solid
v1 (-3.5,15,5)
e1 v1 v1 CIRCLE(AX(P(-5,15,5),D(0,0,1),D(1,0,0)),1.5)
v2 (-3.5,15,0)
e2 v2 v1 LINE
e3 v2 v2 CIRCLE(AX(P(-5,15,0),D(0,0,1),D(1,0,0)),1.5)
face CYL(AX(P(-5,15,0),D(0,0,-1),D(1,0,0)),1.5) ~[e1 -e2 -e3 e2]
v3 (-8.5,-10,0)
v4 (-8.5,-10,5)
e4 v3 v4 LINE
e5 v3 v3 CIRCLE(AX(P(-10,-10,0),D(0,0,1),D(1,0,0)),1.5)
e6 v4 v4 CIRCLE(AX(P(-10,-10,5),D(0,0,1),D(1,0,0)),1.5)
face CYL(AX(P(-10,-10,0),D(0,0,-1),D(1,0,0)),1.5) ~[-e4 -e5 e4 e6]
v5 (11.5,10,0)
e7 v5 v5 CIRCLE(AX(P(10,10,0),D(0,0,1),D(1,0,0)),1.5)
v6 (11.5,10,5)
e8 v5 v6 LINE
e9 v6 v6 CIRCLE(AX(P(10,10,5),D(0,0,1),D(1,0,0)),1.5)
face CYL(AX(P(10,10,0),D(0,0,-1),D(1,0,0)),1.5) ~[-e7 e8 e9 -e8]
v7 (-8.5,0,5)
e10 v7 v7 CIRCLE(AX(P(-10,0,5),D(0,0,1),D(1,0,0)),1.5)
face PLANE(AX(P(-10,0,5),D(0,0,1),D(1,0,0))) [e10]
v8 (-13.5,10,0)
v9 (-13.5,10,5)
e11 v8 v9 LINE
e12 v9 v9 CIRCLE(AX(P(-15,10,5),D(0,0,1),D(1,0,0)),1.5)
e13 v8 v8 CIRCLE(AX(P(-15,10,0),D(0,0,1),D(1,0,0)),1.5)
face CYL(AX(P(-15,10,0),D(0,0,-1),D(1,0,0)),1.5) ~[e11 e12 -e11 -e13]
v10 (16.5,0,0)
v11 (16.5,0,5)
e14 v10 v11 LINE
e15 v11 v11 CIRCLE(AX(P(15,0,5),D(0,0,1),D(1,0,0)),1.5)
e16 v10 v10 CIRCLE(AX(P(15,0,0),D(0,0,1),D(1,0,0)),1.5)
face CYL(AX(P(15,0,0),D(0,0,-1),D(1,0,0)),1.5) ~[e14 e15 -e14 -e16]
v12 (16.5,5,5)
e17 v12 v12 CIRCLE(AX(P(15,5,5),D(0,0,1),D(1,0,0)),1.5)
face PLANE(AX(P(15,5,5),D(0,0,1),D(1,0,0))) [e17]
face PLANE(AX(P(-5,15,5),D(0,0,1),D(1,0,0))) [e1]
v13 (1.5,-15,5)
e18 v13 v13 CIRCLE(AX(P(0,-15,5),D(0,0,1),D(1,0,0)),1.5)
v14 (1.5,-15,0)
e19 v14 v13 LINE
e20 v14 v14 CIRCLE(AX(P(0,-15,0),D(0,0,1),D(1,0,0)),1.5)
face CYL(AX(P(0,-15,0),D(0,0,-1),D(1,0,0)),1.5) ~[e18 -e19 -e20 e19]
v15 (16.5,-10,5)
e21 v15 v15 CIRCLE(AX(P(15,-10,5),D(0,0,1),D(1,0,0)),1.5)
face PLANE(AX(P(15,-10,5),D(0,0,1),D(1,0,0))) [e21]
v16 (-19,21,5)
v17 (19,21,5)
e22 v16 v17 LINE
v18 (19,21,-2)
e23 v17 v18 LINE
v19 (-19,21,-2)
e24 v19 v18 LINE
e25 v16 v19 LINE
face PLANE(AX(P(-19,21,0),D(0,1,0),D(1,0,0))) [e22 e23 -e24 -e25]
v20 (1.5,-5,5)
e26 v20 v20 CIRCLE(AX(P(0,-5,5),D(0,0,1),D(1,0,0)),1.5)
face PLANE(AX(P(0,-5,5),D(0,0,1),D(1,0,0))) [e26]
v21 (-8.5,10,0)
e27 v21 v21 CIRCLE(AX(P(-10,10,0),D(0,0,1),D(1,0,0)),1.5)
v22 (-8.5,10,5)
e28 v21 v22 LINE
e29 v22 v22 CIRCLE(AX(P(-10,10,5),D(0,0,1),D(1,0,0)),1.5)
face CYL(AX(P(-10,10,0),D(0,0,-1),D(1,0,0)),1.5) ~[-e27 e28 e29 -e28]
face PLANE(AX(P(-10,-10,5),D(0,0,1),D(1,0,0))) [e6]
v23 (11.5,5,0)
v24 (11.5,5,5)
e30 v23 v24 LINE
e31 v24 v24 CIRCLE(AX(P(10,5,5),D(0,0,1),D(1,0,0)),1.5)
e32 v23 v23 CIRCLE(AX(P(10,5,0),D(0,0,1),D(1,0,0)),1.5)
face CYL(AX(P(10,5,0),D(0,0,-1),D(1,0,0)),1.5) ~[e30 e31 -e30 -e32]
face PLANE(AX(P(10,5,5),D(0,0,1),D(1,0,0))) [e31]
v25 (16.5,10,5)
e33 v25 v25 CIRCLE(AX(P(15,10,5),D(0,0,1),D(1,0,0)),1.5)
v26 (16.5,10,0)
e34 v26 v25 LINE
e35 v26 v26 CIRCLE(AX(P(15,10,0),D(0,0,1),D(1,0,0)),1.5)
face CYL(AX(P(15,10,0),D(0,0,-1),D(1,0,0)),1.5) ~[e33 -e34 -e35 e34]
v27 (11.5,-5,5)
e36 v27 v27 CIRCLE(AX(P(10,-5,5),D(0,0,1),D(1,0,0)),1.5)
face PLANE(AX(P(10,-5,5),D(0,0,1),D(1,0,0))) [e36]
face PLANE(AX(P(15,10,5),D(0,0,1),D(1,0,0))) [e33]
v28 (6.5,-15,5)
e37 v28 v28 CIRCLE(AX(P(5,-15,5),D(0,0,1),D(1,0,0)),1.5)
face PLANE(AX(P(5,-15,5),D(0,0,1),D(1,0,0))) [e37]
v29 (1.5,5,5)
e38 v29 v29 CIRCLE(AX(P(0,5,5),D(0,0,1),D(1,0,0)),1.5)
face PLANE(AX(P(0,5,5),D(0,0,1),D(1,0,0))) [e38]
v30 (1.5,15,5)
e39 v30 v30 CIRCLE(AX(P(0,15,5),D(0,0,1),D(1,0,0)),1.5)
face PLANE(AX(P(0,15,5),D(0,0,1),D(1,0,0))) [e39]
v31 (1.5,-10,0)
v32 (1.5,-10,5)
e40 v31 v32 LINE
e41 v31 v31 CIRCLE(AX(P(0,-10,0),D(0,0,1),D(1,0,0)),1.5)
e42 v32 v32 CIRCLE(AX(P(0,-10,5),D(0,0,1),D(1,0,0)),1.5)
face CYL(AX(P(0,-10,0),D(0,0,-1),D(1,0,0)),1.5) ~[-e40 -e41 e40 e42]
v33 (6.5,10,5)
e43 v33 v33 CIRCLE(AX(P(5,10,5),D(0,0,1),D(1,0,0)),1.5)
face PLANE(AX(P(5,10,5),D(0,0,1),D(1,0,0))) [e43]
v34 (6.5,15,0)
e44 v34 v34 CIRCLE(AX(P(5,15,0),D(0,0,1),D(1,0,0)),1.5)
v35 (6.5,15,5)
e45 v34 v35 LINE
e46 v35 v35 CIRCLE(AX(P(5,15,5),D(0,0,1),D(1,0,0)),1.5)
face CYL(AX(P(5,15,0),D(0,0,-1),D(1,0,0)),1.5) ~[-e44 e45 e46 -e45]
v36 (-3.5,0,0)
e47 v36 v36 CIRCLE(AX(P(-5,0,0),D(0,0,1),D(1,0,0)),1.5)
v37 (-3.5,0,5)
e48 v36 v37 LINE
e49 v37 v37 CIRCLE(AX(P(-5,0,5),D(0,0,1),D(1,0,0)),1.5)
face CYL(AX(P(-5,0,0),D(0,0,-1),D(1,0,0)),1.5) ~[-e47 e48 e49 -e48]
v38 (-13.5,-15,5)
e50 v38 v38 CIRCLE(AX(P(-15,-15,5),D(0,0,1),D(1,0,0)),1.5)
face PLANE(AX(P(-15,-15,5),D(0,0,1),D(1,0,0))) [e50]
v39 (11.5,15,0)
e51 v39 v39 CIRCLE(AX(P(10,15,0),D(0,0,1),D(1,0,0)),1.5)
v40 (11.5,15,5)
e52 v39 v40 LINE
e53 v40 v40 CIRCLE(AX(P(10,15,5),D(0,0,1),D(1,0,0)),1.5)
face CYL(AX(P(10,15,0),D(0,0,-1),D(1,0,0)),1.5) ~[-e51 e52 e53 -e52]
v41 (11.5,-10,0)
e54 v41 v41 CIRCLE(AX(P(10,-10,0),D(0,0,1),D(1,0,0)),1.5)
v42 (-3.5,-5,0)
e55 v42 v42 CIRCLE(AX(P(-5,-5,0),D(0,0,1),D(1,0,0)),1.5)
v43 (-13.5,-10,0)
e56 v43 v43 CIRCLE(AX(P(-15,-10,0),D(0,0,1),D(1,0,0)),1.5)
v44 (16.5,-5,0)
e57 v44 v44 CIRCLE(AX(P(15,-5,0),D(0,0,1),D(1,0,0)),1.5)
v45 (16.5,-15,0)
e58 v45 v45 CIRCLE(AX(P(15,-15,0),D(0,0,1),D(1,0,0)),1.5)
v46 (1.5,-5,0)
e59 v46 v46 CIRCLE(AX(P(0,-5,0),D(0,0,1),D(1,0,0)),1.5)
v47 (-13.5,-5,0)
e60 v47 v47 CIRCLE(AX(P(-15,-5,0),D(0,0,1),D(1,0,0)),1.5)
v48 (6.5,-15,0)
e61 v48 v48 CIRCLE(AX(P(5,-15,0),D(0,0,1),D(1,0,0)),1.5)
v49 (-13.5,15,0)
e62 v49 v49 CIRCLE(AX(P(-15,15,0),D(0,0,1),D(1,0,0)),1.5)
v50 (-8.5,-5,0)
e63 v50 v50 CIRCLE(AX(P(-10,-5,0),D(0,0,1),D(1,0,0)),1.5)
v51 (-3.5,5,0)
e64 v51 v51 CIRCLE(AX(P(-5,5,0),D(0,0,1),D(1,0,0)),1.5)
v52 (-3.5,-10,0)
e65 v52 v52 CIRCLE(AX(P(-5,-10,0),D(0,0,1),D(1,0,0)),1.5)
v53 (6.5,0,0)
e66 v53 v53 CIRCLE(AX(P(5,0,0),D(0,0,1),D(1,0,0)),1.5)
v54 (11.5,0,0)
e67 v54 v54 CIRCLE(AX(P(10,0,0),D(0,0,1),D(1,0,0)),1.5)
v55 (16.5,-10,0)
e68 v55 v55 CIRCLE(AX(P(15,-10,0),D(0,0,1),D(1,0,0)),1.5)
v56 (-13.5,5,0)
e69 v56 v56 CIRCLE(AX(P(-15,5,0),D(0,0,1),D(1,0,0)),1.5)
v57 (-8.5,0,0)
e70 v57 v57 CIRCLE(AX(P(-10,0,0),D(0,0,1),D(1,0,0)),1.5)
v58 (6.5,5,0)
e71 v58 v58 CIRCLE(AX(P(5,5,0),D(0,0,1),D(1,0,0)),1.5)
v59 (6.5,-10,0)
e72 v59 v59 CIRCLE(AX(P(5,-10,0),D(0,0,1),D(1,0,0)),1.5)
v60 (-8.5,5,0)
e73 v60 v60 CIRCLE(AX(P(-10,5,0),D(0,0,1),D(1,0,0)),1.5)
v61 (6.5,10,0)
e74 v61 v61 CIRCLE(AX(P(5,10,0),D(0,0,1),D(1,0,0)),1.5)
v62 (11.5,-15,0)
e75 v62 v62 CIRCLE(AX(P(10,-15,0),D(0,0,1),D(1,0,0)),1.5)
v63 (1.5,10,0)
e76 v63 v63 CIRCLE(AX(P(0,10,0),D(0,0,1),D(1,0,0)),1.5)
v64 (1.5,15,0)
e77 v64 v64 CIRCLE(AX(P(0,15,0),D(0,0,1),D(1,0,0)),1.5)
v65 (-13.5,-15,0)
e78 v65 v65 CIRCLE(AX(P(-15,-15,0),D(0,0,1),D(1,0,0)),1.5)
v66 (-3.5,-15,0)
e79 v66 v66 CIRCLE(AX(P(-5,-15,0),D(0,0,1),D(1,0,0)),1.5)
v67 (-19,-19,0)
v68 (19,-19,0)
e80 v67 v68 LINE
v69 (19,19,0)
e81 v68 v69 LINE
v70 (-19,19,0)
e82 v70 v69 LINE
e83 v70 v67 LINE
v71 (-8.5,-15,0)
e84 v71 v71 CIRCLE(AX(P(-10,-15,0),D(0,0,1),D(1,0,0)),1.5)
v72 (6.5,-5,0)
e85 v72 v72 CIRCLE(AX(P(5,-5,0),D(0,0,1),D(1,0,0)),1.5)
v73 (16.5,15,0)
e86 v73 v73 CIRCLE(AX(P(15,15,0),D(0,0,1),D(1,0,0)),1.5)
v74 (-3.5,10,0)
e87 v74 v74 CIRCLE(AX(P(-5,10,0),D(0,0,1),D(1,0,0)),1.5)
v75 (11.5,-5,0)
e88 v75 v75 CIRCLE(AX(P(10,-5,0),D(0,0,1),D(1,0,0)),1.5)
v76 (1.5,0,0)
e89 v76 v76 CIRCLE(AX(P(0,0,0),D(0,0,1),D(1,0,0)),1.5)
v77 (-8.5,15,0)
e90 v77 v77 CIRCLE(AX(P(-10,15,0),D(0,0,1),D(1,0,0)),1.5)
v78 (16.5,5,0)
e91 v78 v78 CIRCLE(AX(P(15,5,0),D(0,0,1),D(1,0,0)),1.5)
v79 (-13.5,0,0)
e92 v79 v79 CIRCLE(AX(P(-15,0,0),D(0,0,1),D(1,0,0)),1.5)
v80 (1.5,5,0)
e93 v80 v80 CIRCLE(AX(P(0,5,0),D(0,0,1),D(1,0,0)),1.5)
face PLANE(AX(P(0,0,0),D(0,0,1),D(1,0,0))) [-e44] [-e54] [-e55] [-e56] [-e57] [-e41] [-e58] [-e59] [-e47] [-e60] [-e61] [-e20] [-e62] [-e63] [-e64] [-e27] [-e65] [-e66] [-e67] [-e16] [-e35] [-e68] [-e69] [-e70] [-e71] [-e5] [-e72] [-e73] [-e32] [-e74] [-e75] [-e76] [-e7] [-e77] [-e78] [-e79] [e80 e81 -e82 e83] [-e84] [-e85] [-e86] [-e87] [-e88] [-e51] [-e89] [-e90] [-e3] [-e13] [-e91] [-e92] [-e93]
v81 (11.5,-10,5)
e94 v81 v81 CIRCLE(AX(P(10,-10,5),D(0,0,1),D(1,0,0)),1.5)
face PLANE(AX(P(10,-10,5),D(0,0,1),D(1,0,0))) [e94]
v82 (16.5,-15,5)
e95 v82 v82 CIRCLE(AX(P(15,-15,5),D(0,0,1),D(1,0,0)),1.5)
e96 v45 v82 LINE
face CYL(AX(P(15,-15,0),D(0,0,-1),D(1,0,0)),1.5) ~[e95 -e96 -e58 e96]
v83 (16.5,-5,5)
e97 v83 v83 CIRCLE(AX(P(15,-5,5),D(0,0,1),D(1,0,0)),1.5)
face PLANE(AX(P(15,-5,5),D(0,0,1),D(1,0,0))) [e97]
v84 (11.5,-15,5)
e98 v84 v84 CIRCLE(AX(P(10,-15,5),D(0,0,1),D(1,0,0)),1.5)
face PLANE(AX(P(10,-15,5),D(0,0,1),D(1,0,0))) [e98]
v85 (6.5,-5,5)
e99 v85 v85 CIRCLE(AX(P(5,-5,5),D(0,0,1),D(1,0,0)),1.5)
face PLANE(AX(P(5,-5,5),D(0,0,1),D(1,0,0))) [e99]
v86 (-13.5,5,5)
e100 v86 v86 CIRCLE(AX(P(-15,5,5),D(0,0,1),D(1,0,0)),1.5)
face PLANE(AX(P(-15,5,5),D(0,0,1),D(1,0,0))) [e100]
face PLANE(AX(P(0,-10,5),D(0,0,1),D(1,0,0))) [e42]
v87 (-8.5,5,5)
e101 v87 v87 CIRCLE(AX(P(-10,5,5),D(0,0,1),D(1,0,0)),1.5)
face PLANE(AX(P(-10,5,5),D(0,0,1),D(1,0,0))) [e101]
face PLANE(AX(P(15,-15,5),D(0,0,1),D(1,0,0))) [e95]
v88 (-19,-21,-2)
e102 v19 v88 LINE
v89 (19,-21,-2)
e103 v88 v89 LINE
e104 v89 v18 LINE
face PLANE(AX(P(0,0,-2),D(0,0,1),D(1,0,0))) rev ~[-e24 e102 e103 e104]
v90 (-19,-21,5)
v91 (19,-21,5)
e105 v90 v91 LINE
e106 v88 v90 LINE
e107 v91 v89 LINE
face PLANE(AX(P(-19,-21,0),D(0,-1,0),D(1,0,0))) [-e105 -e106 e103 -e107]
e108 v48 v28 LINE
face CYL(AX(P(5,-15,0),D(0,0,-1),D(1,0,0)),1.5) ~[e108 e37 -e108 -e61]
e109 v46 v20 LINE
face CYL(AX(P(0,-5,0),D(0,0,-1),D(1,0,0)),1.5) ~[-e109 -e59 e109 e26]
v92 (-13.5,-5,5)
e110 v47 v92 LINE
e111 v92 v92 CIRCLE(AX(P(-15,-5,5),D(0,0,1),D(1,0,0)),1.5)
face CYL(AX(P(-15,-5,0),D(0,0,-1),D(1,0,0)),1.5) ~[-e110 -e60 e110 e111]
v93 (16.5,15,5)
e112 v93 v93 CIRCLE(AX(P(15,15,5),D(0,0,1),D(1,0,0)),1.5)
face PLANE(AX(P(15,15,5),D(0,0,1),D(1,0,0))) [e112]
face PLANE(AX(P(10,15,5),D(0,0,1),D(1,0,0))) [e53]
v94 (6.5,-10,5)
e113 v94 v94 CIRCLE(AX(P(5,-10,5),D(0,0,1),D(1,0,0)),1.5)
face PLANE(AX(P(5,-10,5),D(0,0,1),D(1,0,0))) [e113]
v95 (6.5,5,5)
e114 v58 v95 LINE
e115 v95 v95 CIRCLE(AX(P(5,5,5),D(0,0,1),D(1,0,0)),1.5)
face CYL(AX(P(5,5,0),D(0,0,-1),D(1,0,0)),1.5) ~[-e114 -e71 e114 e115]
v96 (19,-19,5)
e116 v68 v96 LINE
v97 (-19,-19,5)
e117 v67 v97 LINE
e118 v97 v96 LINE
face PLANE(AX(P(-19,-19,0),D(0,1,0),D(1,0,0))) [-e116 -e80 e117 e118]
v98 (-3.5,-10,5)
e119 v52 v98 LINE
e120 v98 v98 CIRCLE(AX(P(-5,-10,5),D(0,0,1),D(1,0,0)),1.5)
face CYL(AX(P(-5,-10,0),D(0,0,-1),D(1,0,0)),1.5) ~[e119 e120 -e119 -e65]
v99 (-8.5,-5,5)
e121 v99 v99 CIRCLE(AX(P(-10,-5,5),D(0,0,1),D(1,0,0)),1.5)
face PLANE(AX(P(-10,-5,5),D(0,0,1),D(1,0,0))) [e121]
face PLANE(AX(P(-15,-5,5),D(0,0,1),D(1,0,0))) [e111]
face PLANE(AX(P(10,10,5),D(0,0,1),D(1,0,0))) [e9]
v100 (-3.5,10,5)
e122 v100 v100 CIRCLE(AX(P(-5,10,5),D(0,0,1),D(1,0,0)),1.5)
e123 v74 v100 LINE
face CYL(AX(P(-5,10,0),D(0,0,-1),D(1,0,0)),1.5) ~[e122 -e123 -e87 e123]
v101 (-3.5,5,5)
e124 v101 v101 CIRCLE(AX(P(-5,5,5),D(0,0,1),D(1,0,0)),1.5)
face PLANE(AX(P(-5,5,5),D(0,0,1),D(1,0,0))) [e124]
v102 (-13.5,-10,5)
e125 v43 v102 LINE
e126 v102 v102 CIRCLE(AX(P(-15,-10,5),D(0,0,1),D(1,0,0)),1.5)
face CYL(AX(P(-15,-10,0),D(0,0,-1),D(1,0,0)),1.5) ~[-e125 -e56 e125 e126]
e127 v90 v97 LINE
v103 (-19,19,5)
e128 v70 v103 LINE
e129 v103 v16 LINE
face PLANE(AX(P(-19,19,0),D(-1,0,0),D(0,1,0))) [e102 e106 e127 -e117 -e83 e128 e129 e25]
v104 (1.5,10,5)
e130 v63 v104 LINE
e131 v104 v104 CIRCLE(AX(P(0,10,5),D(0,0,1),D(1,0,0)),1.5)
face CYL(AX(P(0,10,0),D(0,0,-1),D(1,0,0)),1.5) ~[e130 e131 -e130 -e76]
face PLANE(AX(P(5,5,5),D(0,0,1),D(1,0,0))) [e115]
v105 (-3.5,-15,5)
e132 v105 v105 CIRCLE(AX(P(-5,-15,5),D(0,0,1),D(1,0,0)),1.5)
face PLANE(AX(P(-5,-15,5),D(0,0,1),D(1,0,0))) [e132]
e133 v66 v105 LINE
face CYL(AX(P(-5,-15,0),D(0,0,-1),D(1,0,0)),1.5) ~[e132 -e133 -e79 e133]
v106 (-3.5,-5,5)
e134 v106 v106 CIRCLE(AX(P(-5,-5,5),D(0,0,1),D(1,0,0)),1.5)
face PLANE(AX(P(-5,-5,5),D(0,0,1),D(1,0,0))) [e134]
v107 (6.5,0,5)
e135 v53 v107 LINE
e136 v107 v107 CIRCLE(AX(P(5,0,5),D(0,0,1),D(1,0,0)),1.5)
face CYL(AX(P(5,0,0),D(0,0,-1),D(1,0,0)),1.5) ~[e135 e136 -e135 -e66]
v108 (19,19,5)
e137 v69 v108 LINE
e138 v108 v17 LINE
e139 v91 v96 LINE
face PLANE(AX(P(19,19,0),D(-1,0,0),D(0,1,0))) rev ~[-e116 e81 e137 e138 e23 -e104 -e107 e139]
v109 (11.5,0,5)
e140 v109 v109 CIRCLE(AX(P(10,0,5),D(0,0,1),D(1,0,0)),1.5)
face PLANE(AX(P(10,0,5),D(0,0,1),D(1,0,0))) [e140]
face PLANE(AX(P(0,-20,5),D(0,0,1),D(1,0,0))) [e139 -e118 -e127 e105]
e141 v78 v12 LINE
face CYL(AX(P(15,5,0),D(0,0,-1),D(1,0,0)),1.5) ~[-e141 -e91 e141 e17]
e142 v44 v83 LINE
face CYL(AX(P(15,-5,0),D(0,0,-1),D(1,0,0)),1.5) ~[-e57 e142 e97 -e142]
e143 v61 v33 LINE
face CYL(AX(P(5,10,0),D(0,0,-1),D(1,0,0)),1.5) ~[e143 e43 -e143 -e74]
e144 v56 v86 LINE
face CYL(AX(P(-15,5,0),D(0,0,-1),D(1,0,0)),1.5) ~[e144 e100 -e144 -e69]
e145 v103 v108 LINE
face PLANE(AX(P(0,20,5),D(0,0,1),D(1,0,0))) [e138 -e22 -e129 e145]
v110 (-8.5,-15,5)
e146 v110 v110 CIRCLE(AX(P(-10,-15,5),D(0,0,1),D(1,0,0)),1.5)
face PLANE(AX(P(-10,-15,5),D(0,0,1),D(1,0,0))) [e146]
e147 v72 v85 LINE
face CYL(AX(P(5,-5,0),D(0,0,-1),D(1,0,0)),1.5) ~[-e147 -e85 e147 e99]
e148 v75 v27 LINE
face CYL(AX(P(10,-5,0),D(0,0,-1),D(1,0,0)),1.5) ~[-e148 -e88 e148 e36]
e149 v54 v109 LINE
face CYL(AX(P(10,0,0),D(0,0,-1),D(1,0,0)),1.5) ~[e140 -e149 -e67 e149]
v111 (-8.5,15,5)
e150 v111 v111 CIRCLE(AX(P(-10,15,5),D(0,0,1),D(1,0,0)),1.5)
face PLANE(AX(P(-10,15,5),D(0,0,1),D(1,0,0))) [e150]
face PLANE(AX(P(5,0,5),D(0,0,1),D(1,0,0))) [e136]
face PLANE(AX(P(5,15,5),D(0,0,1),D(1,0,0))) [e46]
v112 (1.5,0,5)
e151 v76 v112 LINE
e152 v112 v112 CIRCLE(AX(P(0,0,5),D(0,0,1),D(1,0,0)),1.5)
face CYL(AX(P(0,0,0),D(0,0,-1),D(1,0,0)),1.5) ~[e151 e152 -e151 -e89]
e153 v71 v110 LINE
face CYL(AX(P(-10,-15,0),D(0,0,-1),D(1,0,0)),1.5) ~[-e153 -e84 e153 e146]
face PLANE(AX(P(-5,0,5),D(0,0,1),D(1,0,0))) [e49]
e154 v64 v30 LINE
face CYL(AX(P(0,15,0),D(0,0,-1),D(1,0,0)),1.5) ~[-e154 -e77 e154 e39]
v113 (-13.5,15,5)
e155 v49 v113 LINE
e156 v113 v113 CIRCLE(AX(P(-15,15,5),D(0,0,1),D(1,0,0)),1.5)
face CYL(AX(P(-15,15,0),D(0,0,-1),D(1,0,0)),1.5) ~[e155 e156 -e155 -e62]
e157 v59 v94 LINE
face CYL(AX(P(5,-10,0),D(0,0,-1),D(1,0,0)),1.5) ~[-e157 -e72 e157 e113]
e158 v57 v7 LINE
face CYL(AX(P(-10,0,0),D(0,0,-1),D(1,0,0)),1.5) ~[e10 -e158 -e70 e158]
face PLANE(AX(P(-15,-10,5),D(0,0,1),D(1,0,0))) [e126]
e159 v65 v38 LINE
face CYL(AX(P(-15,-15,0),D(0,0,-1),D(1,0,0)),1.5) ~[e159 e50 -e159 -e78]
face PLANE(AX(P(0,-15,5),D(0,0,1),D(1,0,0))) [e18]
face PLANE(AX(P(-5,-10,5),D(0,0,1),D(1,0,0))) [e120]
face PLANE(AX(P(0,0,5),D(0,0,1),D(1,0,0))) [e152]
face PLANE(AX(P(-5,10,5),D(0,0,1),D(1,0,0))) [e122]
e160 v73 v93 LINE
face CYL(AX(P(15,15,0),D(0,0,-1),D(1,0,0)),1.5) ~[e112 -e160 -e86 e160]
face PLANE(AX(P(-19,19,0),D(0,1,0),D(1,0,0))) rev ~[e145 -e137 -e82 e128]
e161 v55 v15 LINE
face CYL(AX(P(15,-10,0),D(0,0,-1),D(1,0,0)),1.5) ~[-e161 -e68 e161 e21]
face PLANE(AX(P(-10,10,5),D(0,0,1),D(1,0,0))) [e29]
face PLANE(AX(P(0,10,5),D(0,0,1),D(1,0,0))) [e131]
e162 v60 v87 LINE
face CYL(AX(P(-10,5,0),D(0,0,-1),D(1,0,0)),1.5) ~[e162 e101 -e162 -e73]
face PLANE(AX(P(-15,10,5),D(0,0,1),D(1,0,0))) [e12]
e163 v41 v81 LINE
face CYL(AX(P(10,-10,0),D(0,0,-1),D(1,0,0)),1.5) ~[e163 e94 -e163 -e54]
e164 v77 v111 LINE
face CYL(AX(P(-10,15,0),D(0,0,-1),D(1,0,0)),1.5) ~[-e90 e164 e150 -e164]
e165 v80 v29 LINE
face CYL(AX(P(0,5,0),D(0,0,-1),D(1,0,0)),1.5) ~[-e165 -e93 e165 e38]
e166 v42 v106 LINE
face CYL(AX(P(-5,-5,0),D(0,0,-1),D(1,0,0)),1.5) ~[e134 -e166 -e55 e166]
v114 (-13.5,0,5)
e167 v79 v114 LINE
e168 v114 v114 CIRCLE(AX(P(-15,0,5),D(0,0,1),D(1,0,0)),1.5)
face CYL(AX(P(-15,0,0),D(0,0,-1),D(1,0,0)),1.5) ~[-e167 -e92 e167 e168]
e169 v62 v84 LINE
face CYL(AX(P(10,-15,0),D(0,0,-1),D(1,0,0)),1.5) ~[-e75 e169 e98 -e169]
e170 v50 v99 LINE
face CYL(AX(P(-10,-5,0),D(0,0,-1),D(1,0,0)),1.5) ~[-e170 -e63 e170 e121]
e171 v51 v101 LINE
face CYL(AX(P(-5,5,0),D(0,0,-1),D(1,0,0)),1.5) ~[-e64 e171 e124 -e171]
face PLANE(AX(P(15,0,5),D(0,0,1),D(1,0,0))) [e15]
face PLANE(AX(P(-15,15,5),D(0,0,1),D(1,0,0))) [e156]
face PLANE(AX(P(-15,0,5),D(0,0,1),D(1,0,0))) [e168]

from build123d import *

# Parameters (mm, degrees)
F0_W     = 38
F0_H     = 38
F0_H_2   = 2
F1_DEPTH = 2
F2_R     = 1.5
F3_DEPTH = 5


with BuildPart() as f1:
    # F0 (on Top) → F1 (new body)
    with BuildSketch(Plane.XY):
        Rectangle(F0_W, F0_H)
        with Locations((0, 20)):
            Rectangle(F0_W, F0_H_2)
        with Locations((0, -20)):
            Rectangle(F0_W, F0_H_2)
    extrude(amount=-F1_DEPTH)

    # F2 (on face) + F0 (on Top) → F3 (join)
    with BuildSketch(Plane.XY):
        Circle(F2_R)
        with Locations((0, 5)):
            Circle(F2_R)
        with Locations((0, 10)):
            Circle(F2_R)
        with Locations((0, 15)):
            Circle(F2_R)
        with Locations((5, 0)):
            Circle(F2_R)
        with Locations((5, 5)):
            Circle(F2_R)
        with Locations((5, 10)):
            Circle(F2_R)
        with Locations((5, 15)):
            Circle(F2_R)
        with Locations((10, 0)):
            Circle(F2_R)
        with Locations((10, 5)):
            Circle(F2_R)
        with Locations((10, 10)):
            Circle(F2_R)
        with Locations((10, 15)):
            Circle(F2_R)
        with Locations((15, 0)):
            Circle(F2_R)
        with Locations((15, 5)):
            Circle(F2_R)
        with Locations((15, 10)):
            Circle(F2_R)
        with Locations((15, 15)):
            Circle(F2_R)
        with Locations((-5, 0)):
            Circle(F2_R)
        with Locations((-5, 10)):
            Circle(F2_R)
        with Locations((-5, 5)):
            Circle(F2_R)
        with Locations((-5, 15)):
            Circle(F2_R)
        with Locations((-10, 10)):
            Circle(F2_R)
        with Locations((-10, 15)):
            Circle(F2_R)
        with Locations((-15, 0)):
            Circle(F2_R)
        with Locations((-15, 10)):
            Circle(F2_R)
        with Locations((-10, 0)):
            Circle(F2_R)
        with Locations((-10, 5)):
            Circle(F2_R)
        with Locations((-15, 5)):
            Circle(F2_R)
        with Locations((-15, 15)):
            Circle(F2_R)
        with Locations((15, -5)):
            Circle(F2_R)
        with Locations((5, -10)):
            Circle(F2_R)
        with Locations((0, -10)):
            Circle(F2_R)
        with Locations((-10, -15)):
            Circle(F2_R)
        with Locations((10, -10)):
            Circle(F2_R)
        with Locations((-5, -10)):
            Circle(F2_R)
        with Locations((0, -15)):
            Circle(F2_R)
        with Locations((-5, -5)):
            Circle(F2_R)
        with Locations((-15, -10)):
            Circle(F2_R)
        with Locations((-10, -5)):
            Circle(F2_R)
        with Locations((-5, -15)):
            Circle(F2_R)
        with Locations((15, -15)):
            Circle(F2_R)
        with Locations((15, -10)):
            Circle(F2_R)
        with Locations((10, -15)):
            Circle(F2_R)
        with Locations((5, -5)):
            Circle(F2_R)
        with Locations((-10, -10)):
            Circle(F2_R)
        with Locations((0, -5)):
            Circle(F2_R)
        with Locations((-15, -15)):
            Circle(F2_R)
        with Locations((-15, -5)):
            Circle(F2_R)
        with Locations((5, -15)):
            Circle(F2_R)
        with Locations((10, -5)):
            Circle(F2_R)
    with BuildSketch(Plane.XY):
        with Locations((0, 20)):
            Rectangle(F0_W, F0_H_2)
        with Locations((0, -20)):
            Rectangle(F0_W, F0_H_2)
    extrude(amount=F3_DEPTH)


solid = f1.part
